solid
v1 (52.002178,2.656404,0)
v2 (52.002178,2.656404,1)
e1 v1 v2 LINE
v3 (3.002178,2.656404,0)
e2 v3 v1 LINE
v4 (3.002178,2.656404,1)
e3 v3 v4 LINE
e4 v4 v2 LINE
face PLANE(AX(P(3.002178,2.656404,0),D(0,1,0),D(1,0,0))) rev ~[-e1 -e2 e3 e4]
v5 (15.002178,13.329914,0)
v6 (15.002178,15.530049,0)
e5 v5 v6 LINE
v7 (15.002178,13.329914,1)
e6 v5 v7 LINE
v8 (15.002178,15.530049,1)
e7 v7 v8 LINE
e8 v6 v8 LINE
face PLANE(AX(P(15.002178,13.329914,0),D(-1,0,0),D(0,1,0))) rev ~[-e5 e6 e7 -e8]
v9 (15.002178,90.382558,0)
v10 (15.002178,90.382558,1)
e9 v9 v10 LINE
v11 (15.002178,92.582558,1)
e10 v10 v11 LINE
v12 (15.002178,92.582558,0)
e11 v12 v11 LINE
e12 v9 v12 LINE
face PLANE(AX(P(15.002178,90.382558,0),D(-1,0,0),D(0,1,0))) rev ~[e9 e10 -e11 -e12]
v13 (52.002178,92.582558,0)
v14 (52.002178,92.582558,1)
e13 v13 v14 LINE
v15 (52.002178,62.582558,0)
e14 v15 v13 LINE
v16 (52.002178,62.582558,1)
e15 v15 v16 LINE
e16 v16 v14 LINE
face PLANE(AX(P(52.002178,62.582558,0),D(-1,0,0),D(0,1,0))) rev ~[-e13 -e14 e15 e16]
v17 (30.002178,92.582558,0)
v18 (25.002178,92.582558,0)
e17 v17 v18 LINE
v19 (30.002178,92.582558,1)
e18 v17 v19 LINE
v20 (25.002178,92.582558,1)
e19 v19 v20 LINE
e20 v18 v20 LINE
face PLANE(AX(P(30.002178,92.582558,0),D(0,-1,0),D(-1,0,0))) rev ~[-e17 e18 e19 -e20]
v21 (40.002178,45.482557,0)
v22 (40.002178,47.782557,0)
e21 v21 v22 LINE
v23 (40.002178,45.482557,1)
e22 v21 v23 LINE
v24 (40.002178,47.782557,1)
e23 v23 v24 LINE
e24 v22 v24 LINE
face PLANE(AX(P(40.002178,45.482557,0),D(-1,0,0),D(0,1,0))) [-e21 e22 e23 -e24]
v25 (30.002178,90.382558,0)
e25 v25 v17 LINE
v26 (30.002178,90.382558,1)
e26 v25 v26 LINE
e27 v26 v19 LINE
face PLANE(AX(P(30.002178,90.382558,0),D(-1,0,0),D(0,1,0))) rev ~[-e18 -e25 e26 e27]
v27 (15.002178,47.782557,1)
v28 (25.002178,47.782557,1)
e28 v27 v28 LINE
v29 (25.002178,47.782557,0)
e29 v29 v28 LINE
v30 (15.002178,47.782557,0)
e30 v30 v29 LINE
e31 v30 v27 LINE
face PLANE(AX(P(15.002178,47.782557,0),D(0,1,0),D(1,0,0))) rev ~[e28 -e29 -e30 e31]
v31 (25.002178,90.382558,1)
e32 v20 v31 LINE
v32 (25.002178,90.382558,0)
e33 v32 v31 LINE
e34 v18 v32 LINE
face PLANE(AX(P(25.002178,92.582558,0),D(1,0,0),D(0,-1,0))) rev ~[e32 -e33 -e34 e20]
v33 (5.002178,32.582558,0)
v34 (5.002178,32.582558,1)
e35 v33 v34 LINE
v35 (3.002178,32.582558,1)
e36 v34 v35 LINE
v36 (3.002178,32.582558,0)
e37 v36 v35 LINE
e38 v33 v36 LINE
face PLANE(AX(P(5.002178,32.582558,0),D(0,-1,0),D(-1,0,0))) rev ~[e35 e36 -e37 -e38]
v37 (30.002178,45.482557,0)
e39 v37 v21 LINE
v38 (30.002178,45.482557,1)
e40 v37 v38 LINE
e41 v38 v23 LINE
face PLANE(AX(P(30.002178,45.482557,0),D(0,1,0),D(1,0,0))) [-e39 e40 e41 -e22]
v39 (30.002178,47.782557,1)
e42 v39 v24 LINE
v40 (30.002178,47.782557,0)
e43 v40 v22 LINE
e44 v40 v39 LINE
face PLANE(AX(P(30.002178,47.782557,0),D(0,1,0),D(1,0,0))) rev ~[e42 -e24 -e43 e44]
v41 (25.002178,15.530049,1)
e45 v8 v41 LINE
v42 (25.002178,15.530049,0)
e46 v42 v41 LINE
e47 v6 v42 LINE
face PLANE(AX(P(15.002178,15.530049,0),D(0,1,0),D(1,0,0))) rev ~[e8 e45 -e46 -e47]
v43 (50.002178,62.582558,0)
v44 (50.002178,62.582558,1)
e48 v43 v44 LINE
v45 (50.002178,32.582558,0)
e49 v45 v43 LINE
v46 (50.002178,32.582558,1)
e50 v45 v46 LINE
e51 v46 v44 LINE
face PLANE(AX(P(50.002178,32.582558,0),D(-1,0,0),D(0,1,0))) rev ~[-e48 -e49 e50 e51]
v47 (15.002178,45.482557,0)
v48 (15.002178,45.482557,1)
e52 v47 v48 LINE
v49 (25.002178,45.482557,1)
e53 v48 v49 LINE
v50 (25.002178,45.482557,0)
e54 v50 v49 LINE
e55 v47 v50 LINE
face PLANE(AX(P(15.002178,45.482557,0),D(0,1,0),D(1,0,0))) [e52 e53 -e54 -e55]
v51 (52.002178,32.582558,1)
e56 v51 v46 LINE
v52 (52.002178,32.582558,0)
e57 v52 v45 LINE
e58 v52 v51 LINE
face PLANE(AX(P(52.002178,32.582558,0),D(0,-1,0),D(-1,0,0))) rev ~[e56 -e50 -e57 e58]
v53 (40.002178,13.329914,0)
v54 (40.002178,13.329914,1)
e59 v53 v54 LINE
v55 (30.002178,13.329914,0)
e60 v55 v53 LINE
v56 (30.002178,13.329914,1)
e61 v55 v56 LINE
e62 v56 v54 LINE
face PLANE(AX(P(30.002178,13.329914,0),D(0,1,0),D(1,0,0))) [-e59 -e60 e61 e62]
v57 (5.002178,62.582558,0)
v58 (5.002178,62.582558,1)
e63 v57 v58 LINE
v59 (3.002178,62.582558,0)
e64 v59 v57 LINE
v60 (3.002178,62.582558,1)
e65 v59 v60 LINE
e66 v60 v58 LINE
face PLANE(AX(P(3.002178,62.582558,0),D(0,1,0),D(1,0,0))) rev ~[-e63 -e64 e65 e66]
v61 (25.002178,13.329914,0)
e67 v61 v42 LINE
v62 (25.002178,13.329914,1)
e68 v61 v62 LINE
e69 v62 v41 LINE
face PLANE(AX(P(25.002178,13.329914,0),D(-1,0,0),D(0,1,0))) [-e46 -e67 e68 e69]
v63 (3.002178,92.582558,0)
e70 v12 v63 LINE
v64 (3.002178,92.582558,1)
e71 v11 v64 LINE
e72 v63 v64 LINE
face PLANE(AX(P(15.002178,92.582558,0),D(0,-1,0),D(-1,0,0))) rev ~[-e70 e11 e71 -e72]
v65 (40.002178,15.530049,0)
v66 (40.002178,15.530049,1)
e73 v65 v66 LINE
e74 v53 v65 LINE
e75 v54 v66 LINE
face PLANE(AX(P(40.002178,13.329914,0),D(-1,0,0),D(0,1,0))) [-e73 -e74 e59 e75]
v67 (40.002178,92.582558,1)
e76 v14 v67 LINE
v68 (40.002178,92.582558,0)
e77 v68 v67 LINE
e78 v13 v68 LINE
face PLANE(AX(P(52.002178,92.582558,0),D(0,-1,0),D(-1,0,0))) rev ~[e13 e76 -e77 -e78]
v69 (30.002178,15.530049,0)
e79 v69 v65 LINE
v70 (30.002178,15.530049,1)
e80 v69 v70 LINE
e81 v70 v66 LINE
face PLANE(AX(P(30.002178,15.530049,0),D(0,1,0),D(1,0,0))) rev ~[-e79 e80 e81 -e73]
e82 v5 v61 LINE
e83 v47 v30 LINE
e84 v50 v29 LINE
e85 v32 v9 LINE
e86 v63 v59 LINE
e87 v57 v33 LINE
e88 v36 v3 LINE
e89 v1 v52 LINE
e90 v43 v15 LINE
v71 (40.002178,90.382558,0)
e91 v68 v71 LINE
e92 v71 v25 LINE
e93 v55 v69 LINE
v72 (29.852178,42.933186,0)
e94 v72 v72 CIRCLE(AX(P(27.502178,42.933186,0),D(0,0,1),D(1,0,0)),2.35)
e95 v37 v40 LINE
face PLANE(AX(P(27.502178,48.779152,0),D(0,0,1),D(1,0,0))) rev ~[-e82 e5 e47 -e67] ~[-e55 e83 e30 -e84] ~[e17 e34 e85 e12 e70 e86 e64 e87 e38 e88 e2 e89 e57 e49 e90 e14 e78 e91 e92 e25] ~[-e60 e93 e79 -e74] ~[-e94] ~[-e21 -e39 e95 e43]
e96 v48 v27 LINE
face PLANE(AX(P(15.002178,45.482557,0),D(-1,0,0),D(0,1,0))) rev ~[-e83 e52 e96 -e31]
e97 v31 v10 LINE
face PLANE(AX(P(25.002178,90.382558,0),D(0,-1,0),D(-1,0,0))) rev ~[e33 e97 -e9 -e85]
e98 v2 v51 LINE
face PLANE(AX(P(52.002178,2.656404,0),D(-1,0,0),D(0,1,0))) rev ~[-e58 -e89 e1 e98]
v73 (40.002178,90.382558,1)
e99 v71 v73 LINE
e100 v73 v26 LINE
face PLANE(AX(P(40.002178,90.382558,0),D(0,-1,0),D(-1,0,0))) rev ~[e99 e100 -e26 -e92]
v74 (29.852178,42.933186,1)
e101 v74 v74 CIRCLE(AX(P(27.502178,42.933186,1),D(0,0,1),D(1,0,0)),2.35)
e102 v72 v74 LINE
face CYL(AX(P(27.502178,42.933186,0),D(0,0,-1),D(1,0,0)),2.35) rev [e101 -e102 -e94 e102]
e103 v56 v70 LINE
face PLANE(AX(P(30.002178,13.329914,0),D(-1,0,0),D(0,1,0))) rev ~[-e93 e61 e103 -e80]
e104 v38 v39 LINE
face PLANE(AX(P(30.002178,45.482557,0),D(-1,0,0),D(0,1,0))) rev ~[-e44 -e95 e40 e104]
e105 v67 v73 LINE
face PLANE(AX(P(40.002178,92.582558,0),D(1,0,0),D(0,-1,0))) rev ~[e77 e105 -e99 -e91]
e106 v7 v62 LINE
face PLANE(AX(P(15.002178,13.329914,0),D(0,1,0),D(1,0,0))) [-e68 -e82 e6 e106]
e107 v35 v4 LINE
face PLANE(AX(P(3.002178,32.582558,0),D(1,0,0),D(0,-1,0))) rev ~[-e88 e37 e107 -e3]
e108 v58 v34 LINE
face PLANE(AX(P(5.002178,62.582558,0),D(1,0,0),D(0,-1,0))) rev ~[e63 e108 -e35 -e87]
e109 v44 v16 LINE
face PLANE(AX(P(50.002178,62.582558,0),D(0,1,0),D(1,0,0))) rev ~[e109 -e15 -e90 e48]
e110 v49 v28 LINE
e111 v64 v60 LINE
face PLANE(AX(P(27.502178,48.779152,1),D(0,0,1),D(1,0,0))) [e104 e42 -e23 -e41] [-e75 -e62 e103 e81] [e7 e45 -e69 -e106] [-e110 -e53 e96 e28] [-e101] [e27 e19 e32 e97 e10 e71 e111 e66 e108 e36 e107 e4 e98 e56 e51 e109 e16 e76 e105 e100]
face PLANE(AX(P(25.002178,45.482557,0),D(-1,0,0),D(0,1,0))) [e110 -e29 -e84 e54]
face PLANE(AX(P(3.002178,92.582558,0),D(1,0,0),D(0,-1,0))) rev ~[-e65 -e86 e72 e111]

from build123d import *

# Parameters (mm, degrees)
MODEL_R         = 2.35
MODEL_W         = 10
MODEL_H         = 2.3
MODEL_H_2       = 2.20013503
EXTRUDE_1_DEPTH = 1


with BuildPart() as part:
    # Model → 凸台-拉伸1 (new body)
    with BuildSketch(Plane.XY):
        Polygon((3.002178354, 2.656404454), (33.252178354, 2.656404454), (52.002178354, 2.656404454), (52.002178354, 32.582558285), (50.002178354, 32.582558285), (50.002178354, 62.582558285), (52.002178354, 62.582558285), (52.002178354, 92.582558285), (40.002178354, 92.582558285), (40.002178354, 90.382558285), (30.002178354, 90.382558285), (30.002178354, 92.582558285), (25.002178354, 92.582558285), (25.002178354, 90.382558285), (15.002178354, 90.382558285), (15.002178354, 92.582558285), (3.002178354, 92.582558285), (3.002178354, 62.582558285), (5.002178354, 62.582558285), (5.002178354, 32.582558285), (3.002178354, 32.582558285), align=None)
        with Locations((27.502178354, 42.933185696)):
            Circle(MODEL_R, mode=Mode.SUBTRACT)
        with Locations((20.002178354, 46.632557075)):
            Rectangle(MODEL_W, MODEL_H, mode=Mode.SUBTRACT)
        with Locations((20.002178354, 14.429981905)):
            Rectangle(MODEL_W, MODEL_H_2, mode=Mode.SUBTRACT)
        with Locations((35.002178354, 14.429981905)):
            Rectangle(MODEL_W, MODEL_H_2, mode=Mode.SUBTRACT)
        with Locations((35.002178354, 46.632557075)):
            Rectangle(MODEL_W, MODEL_H, mode=Mode.SUBTRACT)
    extrude(amount=EXTRUDE_1_DEPTH)


solid = part.part
